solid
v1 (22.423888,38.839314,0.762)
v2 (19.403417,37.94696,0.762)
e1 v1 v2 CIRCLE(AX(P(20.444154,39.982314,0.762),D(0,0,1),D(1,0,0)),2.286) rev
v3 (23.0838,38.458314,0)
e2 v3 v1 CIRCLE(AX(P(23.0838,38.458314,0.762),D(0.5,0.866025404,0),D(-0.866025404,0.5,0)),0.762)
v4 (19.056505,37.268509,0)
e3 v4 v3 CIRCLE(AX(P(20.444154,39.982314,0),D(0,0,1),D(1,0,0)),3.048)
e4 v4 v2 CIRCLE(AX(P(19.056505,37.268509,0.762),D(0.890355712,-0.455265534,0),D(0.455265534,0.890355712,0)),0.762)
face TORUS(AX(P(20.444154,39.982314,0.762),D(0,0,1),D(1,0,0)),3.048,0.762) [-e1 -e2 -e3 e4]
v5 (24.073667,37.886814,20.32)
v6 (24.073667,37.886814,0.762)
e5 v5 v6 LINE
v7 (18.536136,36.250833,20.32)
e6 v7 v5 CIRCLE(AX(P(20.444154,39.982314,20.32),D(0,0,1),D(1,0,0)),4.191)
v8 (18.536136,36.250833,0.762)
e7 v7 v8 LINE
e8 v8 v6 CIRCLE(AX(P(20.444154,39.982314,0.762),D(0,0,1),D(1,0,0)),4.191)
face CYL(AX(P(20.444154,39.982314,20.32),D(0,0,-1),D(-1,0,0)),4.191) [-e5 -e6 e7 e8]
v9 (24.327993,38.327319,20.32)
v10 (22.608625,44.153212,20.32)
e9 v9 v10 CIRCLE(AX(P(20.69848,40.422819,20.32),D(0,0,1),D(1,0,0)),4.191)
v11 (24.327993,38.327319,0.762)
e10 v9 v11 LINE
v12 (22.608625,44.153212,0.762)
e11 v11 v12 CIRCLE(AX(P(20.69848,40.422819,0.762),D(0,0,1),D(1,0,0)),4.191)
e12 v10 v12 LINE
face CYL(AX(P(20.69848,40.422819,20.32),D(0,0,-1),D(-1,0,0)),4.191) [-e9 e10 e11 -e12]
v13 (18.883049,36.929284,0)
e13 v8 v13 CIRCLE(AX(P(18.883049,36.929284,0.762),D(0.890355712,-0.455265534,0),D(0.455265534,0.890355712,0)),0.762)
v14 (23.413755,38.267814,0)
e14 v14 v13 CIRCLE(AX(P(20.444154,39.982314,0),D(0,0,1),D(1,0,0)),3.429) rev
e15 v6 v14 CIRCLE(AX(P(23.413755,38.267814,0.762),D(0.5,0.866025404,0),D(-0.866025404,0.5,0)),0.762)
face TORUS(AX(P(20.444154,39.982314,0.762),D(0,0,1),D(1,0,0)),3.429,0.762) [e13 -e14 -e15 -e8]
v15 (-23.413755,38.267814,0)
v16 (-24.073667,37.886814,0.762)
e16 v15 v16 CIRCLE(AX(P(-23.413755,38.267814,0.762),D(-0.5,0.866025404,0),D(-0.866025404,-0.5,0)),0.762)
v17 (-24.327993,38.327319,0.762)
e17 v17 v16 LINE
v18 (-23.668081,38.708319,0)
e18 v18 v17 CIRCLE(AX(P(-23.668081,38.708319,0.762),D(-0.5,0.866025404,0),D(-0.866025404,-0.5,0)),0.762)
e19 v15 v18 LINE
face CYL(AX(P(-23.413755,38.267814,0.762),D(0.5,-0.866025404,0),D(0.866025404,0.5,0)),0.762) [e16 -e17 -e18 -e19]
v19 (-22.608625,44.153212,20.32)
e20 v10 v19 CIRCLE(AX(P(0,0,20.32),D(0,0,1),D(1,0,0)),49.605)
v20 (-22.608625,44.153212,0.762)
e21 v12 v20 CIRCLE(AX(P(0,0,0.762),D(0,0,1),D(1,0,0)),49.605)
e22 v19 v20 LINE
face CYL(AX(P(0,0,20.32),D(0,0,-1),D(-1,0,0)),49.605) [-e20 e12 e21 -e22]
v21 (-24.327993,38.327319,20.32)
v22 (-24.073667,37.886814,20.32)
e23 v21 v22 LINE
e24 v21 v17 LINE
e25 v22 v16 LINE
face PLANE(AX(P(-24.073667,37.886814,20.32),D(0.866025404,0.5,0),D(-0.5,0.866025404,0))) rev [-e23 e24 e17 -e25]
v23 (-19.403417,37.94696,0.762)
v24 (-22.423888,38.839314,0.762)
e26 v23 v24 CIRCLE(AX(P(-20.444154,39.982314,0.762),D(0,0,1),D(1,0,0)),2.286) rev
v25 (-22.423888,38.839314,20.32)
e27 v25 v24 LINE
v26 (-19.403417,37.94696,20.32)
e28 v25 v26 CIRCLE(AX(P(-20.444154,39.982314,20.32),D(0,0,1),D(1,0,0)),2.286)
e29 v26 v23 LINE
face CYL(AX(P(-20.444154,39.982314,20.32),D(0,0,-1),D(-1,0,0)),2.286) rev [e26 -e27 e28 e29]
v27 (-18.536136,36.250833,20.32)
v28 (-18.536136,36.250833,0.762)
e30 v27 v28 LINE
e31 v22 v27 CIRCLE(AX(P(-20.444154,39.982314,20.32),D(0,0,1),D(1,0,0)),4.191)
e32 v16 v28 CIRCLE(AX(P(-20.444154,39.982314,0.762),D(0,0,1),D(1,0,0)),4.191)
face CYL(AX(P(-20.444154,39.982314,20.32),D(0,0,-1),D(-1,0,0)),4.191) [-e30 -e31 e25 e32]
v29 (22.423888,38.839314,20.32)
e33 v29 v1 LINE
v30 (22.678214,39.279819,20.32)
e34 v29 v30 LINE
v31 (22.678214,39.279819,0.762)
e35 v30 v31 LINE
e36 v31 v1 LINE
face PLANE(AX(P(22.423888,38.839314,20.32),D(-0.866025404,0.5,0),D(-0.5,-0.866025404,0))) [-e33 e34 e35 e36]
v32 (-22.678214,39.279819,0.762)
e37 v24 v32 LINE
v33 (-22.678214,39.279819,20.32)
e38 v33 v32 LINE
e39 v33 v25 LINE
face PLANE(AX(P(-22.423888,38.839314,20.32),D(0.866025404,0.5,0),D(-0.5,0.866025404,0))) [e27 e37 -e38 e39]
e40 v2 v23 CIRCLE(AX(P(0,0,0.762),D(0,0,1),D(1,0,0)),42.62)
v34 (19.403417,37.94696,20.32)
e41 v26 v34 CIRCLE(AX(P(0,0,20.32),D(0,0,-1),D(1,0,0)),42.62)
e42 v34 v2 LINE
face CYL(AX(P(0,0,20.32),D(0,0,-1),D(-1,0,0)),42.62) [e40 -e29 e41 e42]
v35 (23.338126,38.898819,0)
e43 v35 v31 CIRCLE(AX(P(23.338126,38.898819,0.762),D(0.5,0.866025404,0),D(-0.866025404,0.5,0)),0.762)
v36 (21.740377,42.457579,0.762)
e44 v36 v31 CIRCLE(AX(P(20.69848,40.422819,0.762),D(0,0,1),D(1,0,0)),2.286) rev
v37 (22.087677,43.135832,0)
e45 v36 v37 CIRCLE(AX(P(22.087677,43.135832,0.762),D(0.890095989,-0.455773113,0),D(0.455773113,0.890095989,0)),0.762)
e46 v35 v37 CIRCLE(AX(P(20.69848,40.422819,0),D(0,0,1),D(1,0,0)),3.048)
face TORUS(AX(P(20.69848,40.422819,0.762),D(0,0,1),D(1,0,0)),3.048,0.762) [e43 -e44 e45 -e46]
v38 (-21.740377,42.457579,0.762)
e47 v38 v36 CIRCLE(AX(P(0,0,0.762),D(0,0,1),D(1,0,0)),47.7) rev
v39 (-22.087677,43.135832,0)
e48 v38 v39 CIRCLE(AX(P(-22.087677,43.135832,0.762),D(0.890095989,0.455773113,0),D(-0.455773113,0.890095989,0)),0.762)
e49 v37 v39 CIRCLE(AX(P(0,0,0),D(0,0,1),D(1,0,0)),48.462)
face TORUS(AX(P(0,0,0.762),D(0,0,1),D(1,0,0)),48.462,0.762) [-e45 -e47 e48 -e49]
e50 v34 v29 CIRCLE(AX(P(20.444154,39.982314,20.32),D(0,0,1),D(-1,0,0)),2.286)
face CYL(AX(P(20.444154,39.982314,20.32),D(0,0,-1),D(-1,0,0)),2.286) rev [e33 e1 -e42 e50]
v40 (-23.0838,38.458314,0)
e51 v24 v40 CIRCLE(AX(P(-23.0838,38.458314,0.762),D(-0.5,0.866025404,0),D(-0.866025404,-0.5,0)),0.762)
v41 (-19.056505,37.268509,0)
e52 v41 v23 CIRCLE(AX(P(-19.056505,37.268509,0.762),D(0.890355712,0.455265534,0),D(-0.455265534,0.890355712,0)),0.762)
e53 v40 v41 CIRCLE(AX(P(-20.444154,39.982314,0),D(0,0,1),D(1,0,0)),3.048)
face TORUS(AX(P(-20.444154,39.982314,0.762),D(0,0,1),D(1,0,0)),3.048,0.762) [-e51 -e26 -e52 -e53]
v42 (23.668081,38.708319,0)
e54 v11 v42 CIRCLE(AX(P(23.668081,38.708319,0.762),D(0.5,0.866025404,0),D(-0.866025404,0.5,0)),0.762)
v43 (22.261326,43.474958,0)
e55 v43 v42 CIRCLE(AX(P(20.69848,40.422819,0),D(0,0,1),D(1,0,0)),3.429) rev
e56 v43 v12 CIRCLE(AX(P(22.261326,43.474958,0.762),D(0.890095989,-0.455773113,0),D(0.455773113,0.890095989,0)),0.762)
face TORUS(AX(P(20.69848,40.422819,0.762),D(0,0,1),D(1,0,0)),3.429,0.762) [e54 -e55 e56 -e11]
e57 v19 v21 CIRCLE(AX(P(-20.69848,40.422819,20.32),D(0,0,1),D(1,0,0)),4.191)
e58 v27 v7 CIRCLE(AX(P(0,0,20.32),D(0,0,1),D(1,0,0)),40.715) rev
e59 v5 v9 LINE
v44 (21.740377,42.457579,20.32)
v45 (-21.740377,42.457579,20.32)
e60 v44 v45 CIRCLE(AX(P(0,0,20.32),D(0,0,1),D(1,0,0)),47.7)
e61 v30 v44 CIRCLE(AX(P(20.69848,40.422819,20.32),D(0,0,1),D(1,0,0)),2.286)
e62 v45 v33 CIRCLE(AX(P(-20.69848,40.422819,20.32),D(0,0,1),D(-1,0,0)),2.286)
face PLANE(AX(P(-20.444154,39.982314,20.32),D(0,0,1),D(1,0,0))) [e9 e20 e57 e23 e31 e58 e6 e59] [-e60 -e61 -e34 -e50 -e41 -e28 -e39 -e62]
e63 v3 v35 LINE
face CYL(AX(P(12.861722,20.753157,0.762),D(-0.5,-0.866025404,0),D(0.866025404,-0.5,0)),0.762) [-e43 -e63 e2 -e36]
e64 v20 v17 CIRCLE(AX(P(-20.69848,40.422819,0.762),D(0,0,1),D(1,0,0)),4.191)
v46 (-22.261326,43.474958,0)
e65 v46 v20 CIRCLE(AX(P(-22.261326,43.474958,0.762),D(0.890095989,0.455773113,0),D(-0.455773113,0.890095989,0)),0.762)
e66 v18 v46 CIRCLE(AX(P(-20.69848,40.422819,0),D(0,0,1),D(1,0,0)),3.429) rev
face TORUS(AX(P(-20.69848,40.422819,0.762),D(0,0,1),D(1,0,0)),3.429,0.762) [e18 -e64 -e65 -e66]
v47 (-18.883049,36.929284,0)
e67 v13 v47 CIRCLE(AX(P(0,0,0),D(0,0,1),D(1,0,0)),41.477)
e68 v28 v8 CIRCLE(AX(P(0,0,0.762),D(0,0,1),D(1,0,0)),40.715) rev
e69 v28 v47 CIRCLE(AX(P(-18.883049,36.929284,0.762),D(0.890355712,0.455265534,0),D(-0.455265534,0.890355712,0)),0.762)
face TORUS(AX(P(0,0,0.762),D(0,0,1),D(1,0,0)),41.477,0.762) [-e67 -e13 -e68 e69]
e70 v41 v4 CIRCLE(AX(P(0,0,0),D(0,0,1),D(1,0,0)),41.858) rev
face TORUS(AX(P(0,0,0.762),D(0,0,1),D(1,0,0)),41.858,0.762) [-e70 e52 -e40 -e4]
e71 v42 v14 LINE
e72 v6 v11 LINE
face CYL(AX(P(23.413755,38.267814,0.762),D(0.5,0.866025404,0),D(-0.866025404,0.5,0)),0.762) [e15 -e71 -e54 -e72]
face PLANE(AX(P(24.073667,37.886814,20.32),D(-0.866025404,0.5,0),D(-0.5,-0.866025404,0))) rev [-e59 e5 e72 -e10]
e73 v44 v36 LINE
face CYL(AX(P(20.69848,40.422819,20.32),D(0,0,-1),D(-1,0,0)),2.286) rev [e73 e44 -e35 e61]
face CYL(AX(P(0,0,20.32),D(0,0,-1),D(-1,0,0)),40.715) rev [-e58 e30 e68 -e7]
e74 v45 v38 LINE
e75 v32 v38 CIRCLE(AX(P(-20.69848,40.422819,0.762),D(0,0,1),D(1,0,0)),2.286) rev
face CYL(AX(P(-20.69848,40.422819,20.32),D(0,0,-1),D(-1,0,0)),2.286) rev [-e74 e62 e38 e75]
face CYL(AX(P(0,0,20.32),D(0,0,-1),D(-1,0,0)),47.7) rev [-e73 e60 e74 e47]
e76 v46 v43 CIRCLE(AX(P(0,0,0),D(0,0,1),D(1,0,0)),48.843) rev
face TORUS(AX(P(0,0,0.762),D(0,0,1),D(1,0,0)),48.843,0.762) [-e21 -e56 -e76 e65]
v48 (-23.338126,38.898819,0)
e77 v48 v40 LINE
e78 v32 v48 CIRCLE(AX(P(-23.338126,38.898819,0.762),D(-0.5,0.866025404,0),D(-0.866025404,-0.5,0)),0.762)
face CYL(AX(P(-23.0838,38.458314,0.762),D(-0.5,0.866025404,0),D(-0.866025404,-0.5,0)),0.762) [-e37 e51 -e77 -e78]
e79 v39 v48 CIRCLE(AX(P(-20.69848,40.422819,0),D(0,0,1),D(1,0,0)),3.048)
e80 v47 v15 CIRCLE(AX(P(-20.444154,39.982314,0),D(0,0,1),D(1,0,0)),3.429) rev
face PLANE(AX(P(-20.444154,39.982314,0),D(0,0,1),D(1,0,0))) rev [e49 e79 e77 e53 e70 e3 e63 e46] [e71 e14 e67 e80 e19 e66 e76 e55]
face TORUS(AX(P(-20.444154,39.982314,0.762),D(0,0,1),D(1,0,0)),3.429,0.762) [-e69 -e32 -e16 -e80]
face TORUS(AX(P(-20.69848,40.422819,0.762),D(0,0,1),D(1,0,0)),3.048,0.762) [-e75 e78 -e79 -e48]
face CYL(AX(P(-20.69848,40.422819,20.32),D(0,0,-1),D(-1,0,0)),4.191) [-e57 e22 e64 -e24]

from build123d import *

# Parameters (mm, degrees)
EXTRUDE_THIN2_DEPTH = 20.32
FILLET2_R           = 0.762


with BuildPart() as part:
    # Sketch1 → Extrude-Thin2 (new body)
    with BuildSketch(Plane.XY):
        with BuildLine():
            Line((24.32799261, 38.327319246), (24.073666549, 37.886813588))
            ThreePointArc((24.073666549, 37.886813588), (21.631585853, 35.963049129), (18.536136228, 36.250832801))
            ThreePointArc((18.536136228, 36.250832801), (0, 40.715), (-18.536136228, 36.250832801))
            ThreePointArc((-18.536136228, 36.250832801), (-21.631585853, 35.963049129), (-24.073666549, 37.886813588))
            Line((-24.073666549, 37.886813588), (-24.32799261, 38.327319246))
            ThreePointArc((-24.32799261, 38.327319246), (-24.718082956, 41.60910514), (-22.608625258, 44.153211536))
            ThreePointArc((-22.608625258, 44.153211536), (0, 49.605), (22.608625258, 44.153211536))
            ThreePointArc((22.608625258, 44.153211536), (24.718082956, 41.60910514), (24.32799261, 38.327319246))
        make_face()
        with BuildLine():
            Line((22.678214215, 39.279819246), (22.423888155, 38.839313588))
            ThreePointArc((22.423888155, 38.839313588), (21.091844139, 37.78998752), (19.403417071, 37.946960431))
            ThreePointArc((19.403417071, 37.946960431), (0, 42.62), (-19.403417071, 37.946960431))
            ThreePointArc((-19.403417071, 37.946960431), (-21.091844139, 37.78998752), (-22.423888155, 38.839313588))
            Line((-22.423888155, 38.839313588), (-22.678214215, 39.279819246))
            ThreePointArc((-22.678214215, 39.279819246), (-22.890990768, 41.069884279), (-21.740377478, 42.457578677))
            ThreePointArc((-21.740377478, 42.457578677), (0, 47.7), (21.740377478, 42.457578677))
            ThreePointArc((21.740377478, 42.457578677), (22.890990768, 41.069884279), (22.678214215, 39.279819246))
        make_face(mode=Mode.SUBTRACT)
    extrude(amount=EXTRUDE_THIN2_DEPTH)

    # Fillet2
    fillet2_edges = [part.edges().sort_by_distance(p)[0] for p in [
        (-21.091844139, 37.78998752, 0),
        (0, 42.62, 0),
        (21.091844139, 37.78998752, 0),
        (22.551051185, 39.059566417, 0),
        (22.890990768, 41.069884279, 0),
        (0, 47.7, 0),
        (-22.890990768, 41.069884279, 0),
        (-22.551051185, 39.059566417, 0),
        (-24.20082958, 38.107066417, 0),
        (-24.718082956, 41.60910514, 0),
        (0, 49.605, 0),
        (24.718082956, 41.60910514, 0),
        (24.20082958, 38.107066417, 0),
        (21.631585853, 35.963049129, 0),
        (0, 40.715, 0),
        (-21.631585853, 35.963049129, 0),
    ]]
    fillet(fillet2_edges, radius=FILLET2_R)


solid = part.part
